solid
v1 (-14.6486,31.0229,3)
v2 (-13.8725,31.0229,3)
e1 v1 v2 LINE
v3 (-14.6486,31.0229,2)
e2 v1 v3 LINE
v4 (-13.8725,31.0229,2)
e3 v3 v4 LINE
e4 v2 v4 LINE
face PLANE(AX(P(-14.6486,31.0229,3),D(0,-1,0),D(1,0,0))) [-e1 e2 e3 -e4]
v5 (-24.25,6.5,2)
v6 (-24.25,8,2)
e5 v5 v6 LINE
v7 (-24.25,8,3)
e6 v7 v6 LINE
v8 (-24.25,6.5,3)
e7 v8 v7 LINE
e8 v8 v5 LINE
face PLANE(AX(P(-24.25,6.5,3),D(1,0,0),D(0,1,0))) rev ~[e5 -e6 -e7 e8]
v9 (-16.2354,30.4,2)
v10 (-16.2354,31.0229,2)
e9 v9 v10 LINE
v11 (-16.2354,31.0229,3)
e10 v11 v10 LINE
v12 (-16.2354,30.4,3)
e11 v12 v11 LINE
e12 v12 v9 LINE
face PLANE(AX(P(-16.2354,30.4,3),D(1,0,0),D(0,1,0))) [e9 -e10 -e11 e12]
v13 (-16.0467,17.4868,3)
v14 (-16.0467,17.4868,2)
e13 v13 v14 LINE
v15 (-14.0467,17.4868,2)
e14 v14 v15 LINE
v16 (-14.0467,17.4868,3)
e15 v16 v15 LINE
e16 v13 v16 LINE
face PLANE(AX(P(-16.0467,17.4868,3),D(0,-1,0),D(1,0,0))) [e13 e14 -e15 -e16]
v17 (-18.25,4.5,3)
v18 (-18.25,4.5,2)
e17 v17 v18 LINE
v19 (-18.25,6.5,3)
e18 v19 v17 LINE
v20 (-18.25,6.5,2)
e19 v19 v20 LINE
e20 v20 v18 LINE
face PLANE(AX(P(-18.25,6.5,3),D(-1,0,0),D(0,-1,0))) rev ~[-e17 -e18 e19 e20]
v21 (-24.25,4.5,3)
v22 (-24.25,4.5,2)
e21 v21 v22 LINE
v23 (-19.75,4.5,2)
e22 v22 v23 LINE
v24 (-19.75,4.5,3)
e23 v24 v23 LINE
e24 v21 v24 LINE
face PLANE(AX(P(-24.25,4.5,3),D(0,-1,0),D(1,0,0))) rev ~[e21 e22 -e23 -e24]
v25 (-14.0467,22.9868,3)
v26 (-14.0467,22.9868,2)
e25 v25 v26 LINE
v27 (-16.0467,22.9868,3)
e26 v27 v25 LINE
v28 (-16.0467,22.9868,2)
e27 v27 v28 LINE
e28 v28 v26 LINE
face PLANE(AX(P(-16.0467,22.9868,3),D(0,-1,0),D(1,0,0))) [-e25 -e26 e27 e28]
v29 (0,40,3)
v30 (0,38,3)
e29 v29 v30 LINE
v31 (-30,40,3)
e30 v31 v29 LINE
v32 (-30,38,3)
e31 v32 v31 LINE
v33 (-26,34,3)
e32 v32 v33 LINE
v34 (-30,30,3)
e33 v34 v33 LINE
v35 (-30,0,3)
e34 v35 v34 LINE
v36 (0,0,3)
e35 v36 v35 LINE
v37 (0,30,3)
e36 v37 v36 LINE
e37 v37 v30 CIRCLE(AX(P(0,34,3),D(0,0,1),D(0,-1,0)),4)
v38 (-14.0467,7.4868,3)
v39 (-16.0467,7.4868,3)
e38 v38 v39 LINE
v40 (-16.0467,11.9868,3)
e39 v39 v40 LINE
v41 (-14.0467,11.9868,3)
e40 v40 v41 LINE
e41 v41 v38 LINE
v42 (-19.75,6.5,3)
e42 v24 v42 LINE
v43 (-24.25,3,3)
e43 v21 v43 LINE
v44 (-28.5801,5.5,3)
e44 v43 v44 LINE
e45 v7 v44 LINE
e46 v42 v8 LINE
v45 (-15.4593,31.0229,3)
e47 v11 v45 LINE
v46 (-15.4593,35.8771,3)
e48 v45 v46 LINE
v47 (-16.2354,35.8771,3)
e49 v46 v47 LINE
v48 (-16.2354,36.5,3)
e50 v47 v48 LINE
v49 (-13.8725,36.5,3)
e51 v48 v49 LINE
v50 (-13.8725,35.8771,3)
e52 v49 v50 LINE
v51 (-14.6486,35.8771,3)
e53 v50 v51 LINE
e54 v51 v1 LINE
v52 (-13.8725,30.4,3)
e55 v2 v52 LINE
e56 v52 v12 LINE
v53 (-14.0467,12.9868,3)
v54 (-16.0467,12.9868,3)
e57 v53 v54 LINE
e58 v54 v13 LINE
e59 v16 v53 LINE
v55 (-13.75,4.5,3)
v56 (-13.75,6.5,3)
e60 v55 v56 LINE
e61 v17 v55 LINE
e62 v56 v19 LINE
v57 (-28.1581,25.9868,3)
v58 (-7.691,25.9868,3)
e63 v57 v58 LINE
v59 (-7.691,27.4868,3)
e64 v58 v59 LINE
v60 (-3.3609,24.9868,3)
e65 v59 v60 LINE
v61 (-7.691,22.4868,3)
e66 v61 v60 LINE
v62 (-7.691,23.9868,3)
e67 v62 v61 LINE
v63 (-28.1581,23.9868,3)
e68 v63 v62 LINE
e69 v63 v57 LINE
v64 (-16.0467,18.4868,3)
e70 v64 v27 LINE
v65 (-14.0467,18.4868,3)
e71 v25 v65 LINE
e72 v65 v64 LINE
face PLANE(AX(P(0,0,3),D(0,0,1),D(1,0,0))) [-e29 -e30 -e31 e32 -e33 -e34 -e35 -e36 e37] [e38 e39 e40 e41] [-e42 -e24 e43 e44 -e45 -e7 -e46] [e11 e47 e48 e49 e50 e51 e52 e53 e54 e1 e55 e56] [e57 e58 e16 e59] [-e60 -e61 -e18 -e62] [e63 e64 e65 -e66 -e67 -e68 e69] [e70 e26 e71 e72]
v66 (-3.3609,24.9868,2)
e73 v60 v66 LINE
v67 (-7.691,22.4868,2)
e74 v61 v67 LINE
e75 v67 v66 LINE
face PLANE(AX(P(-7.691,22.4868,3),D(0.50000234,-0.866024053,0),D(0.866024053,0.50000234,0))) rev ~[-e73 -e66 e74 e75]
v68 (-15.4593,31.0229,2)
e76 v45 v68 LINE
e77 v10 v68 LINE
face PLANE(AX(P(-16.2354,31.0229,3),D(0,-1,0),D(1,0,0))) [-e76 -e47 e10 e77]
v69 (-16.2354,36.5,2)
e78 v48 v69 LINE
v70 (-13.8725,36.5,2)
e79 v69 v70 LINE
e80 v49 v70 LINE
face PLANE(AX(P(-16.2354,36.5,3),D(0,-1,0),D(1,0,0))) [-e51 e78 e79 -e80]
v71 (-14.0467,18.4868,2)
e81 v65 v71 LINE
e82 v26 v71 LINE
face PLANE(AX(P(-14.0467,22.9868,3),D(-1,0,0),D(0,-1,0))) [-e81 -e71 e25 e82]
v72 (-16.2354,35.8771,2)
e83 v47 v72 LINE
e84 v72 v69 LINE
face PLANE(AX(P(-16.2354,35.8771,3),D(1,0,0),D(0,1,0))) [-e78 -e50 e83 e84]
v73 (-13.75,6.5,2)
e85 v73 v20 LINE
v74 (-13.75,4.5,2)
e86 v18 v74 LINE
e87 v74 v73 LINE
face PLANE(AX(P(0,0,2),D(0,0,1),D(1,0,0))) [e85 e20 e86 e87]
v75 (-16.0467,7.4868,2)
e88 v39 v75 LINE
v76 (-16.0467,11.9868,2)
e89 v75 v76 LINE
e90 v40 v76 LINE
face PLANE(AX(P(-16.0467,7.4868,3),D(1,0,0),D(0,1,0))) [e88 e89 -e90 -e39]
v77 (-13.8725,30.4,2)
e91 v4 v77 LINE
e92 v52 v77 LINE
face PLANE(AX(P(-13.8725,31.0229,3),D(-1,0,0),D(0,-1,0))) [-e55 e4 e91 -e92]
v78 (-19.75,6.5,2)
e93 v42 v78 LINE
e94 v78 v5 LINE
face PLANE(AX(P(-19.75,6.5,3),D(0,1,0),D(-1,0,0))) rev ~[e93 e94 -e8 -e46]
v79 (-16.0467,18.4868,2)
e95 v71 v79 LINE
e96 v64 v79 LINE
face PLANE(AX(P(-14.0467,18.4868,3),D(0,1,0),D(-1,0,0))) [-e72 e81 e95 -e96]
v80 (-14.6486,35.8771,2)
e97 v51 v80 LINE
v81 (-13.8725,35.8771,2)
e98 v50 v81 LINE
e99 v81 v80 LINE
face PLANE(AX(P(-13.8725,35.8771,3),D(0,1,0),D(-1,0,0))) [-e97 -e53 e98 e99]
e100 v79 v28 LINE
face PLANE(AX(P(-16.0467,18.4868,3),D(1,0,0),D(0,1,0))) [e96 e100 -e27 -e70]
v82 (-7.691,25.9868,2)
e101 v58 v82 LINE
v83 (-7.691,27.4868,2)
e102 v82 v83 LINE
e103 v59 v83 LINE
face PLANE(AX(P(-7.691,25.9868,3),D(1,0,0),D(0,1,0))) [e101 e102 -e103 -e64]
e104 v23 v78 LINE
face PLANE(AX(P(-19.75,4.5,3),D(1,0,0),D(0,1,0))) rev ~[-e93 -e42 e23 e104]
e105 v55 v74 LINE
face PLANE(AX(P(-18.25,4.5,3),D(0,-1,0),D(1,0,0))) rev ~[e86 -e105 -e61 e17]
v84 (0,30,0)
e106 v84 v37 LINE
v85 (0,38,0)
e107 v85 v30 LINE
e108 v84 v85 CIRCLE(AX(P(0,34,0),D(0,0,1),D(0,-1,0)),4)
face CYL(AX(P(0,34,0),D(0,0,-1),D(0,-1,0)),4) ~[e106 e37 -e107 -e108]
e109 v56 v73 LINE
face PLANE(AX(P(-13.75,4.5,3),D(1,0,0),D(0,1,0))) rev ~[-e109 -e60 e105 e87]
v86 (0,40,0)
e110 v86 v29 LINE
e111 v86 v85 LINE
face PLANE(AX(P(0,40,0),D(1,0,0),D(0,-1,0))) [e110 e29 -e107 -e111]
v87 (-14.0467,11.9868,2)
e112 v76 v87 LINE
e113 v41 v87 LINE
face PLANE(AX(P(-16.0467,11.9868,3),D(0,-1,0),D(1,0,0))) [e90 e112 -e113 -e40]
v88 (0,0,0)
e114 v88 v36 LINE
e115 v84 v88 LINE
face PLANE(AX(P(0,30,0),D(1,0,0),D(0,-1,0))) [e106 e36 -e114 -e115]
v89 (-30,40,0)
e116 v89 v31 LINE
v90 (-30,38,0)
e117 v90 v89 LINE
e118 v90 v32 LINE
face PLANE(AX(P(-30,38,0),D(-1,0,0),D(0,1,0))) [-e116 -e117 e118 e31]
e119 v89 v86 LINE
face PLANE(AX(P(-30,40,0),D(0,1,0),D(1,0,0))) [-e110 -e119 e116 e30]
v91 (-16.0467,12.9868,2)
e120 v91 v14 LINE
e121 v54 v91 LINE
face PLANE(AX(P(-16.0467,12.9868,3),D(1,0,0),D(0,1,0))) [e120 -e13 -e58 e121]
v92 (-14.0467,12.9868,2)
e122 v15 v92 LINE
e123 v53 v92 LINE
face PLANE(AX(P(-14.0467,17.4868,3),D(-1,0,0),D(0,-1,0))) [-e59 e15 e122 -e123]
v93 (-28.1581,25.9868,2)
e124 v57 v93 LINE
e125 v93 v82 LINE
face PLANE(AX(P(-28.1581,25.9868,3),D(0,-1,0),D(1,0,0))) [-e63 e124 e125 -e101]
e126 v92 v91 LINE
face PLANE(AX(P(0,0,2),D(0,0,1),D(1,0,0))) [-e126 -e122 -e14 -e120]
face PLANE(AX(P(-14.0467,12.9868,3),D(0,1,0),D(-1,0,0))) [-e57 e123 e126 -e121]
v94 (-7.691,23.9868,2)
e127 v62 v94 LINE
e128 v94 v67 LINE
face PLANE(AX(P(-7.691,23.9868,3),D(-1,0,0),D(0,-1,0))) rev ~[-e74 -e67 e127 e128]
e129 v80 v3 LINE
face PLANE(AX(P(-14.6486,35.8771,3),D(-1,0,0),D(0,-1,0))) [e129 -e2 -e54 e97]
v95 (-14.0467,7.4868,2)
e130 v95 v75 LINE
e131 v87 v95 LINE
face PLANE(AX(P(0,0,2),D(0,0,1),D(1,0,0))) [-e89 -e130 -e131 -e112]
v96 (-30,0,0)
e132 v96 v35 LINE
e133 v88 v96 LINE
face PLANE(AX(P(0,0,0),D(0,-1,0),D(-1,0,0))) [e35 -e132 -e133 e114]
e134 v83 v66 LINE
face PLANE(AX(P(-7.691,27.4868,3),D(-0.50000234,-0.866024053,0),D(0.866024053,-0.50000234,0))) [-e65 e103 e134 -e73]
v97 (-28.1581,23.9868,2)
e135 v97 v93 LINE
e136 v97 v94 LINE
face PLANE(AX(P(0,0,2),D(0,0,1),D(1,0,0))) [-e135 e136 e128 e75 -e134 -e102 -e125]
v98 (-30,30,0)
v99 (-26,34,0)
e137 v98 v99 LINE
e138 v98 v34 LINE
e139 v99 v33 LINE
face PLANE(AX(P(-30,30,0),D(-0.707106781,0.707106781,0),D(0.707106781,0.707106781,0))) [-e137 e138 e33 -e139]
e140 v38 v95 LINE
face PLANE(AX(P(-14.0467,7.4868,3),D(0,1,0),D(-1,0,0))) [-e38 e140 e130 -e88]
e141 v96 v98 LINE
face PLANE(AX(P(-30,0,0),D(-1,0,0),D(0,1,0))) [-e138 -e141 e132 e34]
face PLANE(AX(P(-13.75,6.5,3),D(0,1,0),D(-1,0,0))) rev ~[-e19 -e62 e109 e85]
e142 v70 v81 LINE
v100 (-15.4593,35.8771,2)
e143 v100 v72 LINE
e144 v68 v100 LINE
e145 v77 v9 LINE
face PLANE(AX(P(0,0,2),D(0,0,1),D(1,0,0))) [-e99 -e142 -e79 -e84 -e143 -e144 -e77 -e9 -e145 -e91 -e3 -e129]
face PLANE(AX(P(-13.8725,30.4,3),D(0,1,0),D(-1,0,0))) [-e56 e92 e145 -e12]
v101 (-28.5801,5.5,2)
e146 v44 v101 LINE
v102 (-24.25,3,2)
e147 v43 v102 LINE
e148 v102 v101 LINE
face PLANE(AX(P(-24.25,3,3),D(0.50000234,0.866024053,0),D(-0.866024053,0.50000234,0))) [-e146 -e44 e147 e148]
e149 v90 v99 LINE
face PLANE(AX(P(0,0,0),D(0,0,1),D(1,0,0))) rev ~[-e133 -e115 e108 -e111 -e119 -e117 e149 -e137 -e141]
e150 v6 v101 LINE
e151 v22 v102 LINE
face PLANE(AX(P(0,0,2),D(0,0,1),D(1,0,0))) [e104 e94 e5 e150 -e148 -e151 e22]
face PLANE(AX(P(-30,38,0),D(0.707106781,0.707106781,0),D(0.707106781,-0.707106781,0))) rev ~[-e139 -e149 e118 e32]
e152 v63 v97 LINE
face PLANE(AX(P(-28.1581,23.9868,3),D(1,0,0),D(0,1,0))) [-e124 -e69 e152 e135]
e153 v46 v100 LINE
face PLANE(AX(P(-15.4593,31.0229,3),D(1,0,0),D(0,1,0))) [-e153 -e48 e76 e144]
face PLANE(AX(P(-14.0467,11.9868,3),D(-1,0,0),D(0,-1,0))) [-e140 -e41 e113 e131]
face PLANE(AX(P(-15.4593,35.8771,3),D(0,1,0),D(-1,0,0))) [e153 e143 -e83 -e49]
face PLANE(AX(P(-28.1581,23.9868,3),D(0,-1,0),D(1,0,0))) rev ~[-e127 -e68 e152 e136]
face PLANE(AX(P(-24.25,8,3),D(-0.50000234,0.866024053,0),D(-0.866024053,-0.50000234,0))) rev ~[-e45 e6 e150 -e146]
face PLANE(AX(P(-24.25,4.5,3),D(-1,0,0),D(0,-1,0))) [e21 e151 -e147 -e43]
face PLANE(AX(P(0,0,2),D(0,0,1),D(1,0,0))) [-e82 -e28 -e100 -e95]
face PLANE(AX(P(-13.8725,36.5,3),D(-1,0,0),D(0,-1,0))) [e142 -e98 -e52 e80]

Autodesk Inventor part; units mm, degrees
ref_plane "YZ Plane" through (0, 0, 0) normal (1, 0, 0) x (0, 1, 0)
ref_plane "XZ Plane" through (0, 0, 0) normal (0, 1, 0) x (-1, 0, 0)
ref_plane "XY Plane" through (0, 0, 0) normal (0, 0, 1) x (1, 0, 0)
sketch "Sketch1" plane through (0, 0, 0) normal (0, 0, 1) x (1, 0, 0)
  line L0 (0, 0) -> (-30, 0)
  line L1 (-30, 40) -> (0, 40)
  line L2 (-36.1318, 34) -> (13.8682, 34) construction
  arc A0 (0, 30) -> (0, 38) centre (0, 34) ccw
  circle A1 centre (-30, 34) radius 4 construction
  line L3 (-30, 30) -> (0, 30) construction
  line L4 (-30, 38) -> (-26, 34)
  line L5 (-30, 30) -> (-26, 34)
  line L6 (0, 40) -> (0, 38)
  line L7 (0, 30) -> (0, 0)
  line L8 (-30, 0) -> (-30, 30)
  line L9 (-30, 38) -> (-30, 40)
  dimension "d0" = 30
  dimension "d1" = 40
  dimension "d3" = 6
  dimension "d4" = 8
  dimension "d5" = 8
  dimension "d6" = 30
extrude "Extrusion1" add sketch "Sketch1" along normal blind 3
sketch "Sketch3" plane through (0, 0, 3) normal (0, 0, 1) x (1, 0, 0)
  line L0 (-30, 40) -> (0, 40) construction
  line L1 (-30, 0) -> (-30, 30) construction
  line L2 (0, 0) -> (-30, 0) construction
  line L3 (-15.0586, 25.9999) -> (-30, 25.9849) construction
  line L4 (-28.1581, 25.9868) -> (-7.691, 25.9868)
  line L5 (-7.691, 25.9868) -> (-7.691, 23.9868)
  line L6 (-28.1581, 23.9868) -> (-28.1581, 25.9868)
  line L7 (-7.691, 24.9868) -> (-1.5179, 24.9868) construction
  line L8 (-7.691, 25.9868) -> (-7.691, 27.4868)
  line L9 (-7.691, 27.4868) -> (-3.3609, 24.9868)
  line L10 (-7.691, 23.9868) -> (-7.691, 22.4868)
  line L11 (-7.691, 22.4868) -> (-3.3609, 24.9868)
  line L12 (-14.0467, 18.4868) -> (-16.0467, 18.4868)
  line L13 (-16.0467, 18.4868) -> (-16.0467, 22.9868)
  line L14 (-16.0467, 22.9868) -> (-14.0467, 22.9868)
  line L15 (-14.0467, 22.9868) -> (-14.0467, 18.4868)
  line L16 (-14.0467, 18.4868) -> (-16.0467, 22.9868) construction
  line L17 (-16.0467, 18.4868) -> (-14.0467, 22.9868) construction
  line L18 (-15, 0) -> (-15.0135, 6) construction
  line L19 (-15.0135, 6) -> (-28.7905, 6) construction
  line L20 (-13.75, 6.5) -> (-18.25, 6.5)
  line L21 (-18.25, 6.5) -> (-18.25, 4.5)
  line L22 (-18.25, 4.5) -> (-13.75, 4.5)
  line L23 (-13.75, 4.5) -> (-13.75, 6.5)
  line L24 (-19.75, 6.5) -> (-24.25, 6.5)
  line L25 (-19.75, 4.5) -> (-19.75, 6.5)
  line L26 (-24.25, 4.5) -> (-19.75, 4.5)
  line L27 (-24.25, 6.5) -> (-24.25, 4.5)
  line L28 (-24.25, 5.5) -> (-29.2128, 5.5) construction
  line L29 (-24.25, 6.5) -> (-24.25, 8)
  line L30 (-24.25, 8) -> (-28.5801, 5.5)
  line L31 (-24.25, 4.5) -> (-24.25, 3)
  line L32 (-24.25, 3) -> (-28.5801, 5.5)
  line L33 (-16.616, 36.5) -> (-11.3751, 36.5) construction
  line L34 (-11.3751, 36.5) -> (-11.3751, 28.9531) construction
  line L35 (-11.3751, 28.9531) -> (-16.616, 28.9531) construction
  line L36 (-16.616, 28.9531) -> (-16.616, 36.5) construction
  line L37 (-16.25, 40) -> (-16.25, 36.4806) construction
  line L38 (-28.1581, 23.9868) -> (-7.691, 23.9868)
  line L39 (-16.0467, 17.4868) -> (-14.0467, 17.4868)
  line L40 (-14.0467, 17.4868) -> (-14.0467, 12.9868)
  line L41 (-16.0467, 12.9868) -> (-16.0467, 17.4868)
  line L42 (-14.0467, 12.9868) -> (-16.0467, 12.9868)
  line L43 (-16.0467, 12.9868) -> (-14.0467, 17.4868) construction
  line L44 (-14.0467, 12.9868) -> (-16.0467, 17.4868) construction
  line L45 (-16.0467, 11.9868) -> (-14.0467, 11.9868)
  line L46 (-14.0467, 11.9868) -> (-14.0467, 7.4868)
  line L47 (-16.0467, 7.4868) -> (-16.0467, 11.9868)
  line L48 (-14.0467, 7.4868) -> (-16.0467, 7.4868)
  line L49 (-16.0467, 7.4868) -> (-14.0467, 11.9868) construction
  line L50 (-14.0467, 7.4868) -> (-16.0467, 11.9868) construction
  line L51 (-13.8725, 30.4) -> (-16.2354, 30.4)
  line L52 (-16.2354, 30.4) -> (-16.2354, 31.0229)
  line L53 (-16.2354, 31.0229) -> (-15.4593, 31.0229)
  line L54 (-15.4593, 31.0229) -> (-15.4593, 35.8771)
  line L55 (-15.4593, 35.8771) -> (-16.2354, 35.8771)
  line L56 (-16.2354, 35.8771) -> (-16.2354, 36.5)
  line L57 (-16.2354, 36.5) -> (-13.8725, 36.5)
  line L58 (-13.8725, 36.5) -> (-13.8725, 35.8771)
  line L59 (-13.8725, 35.8771) -> (-14.6486, 35.8771)
  line L60 (-14.6486, 35.8771) -> (-14.6486, 31.0229)
  line L61 (-14.6486, 31.0229) -> (-13.8725, 31.0229)
  line L62 (-13.8725, 31.0229) -> (-13.8725, 30.4)
  point P0 (-15.0467, 20.7368)
  point P1 (-15.0467, 15.2368)
  point P2 (-15.0467, 9.7368)
  point P3 (-15, 40)
  point P4 (-15, 40)
  dimension "d10" = 26
  dimension "d11" = 2
  dimension "d12" = 1.5
  dimension "d13" = 5
  dimension "d14" = 1.5
  dimension "d15" = 2
  dimension "d16" = 4.5
  dimension "d24" = 6
  dimension "d25" = 4.5
  dimension "d26" = 2
  dimension "d29" = 6
  dimension "d34" = 1.5
  dimension "d35" = 5
  dimension "d36" = 1.5
  dimension "d39" = 8
  dimension "d40" = 1
  dimension "d48" = 5.5
  dimension "d53" = 3.5
  dimension "d54" = 14
extrude "Extrusion2" cut sketch "Sketch3" against normal blind 1
properties part number "MS_I[203] text"
